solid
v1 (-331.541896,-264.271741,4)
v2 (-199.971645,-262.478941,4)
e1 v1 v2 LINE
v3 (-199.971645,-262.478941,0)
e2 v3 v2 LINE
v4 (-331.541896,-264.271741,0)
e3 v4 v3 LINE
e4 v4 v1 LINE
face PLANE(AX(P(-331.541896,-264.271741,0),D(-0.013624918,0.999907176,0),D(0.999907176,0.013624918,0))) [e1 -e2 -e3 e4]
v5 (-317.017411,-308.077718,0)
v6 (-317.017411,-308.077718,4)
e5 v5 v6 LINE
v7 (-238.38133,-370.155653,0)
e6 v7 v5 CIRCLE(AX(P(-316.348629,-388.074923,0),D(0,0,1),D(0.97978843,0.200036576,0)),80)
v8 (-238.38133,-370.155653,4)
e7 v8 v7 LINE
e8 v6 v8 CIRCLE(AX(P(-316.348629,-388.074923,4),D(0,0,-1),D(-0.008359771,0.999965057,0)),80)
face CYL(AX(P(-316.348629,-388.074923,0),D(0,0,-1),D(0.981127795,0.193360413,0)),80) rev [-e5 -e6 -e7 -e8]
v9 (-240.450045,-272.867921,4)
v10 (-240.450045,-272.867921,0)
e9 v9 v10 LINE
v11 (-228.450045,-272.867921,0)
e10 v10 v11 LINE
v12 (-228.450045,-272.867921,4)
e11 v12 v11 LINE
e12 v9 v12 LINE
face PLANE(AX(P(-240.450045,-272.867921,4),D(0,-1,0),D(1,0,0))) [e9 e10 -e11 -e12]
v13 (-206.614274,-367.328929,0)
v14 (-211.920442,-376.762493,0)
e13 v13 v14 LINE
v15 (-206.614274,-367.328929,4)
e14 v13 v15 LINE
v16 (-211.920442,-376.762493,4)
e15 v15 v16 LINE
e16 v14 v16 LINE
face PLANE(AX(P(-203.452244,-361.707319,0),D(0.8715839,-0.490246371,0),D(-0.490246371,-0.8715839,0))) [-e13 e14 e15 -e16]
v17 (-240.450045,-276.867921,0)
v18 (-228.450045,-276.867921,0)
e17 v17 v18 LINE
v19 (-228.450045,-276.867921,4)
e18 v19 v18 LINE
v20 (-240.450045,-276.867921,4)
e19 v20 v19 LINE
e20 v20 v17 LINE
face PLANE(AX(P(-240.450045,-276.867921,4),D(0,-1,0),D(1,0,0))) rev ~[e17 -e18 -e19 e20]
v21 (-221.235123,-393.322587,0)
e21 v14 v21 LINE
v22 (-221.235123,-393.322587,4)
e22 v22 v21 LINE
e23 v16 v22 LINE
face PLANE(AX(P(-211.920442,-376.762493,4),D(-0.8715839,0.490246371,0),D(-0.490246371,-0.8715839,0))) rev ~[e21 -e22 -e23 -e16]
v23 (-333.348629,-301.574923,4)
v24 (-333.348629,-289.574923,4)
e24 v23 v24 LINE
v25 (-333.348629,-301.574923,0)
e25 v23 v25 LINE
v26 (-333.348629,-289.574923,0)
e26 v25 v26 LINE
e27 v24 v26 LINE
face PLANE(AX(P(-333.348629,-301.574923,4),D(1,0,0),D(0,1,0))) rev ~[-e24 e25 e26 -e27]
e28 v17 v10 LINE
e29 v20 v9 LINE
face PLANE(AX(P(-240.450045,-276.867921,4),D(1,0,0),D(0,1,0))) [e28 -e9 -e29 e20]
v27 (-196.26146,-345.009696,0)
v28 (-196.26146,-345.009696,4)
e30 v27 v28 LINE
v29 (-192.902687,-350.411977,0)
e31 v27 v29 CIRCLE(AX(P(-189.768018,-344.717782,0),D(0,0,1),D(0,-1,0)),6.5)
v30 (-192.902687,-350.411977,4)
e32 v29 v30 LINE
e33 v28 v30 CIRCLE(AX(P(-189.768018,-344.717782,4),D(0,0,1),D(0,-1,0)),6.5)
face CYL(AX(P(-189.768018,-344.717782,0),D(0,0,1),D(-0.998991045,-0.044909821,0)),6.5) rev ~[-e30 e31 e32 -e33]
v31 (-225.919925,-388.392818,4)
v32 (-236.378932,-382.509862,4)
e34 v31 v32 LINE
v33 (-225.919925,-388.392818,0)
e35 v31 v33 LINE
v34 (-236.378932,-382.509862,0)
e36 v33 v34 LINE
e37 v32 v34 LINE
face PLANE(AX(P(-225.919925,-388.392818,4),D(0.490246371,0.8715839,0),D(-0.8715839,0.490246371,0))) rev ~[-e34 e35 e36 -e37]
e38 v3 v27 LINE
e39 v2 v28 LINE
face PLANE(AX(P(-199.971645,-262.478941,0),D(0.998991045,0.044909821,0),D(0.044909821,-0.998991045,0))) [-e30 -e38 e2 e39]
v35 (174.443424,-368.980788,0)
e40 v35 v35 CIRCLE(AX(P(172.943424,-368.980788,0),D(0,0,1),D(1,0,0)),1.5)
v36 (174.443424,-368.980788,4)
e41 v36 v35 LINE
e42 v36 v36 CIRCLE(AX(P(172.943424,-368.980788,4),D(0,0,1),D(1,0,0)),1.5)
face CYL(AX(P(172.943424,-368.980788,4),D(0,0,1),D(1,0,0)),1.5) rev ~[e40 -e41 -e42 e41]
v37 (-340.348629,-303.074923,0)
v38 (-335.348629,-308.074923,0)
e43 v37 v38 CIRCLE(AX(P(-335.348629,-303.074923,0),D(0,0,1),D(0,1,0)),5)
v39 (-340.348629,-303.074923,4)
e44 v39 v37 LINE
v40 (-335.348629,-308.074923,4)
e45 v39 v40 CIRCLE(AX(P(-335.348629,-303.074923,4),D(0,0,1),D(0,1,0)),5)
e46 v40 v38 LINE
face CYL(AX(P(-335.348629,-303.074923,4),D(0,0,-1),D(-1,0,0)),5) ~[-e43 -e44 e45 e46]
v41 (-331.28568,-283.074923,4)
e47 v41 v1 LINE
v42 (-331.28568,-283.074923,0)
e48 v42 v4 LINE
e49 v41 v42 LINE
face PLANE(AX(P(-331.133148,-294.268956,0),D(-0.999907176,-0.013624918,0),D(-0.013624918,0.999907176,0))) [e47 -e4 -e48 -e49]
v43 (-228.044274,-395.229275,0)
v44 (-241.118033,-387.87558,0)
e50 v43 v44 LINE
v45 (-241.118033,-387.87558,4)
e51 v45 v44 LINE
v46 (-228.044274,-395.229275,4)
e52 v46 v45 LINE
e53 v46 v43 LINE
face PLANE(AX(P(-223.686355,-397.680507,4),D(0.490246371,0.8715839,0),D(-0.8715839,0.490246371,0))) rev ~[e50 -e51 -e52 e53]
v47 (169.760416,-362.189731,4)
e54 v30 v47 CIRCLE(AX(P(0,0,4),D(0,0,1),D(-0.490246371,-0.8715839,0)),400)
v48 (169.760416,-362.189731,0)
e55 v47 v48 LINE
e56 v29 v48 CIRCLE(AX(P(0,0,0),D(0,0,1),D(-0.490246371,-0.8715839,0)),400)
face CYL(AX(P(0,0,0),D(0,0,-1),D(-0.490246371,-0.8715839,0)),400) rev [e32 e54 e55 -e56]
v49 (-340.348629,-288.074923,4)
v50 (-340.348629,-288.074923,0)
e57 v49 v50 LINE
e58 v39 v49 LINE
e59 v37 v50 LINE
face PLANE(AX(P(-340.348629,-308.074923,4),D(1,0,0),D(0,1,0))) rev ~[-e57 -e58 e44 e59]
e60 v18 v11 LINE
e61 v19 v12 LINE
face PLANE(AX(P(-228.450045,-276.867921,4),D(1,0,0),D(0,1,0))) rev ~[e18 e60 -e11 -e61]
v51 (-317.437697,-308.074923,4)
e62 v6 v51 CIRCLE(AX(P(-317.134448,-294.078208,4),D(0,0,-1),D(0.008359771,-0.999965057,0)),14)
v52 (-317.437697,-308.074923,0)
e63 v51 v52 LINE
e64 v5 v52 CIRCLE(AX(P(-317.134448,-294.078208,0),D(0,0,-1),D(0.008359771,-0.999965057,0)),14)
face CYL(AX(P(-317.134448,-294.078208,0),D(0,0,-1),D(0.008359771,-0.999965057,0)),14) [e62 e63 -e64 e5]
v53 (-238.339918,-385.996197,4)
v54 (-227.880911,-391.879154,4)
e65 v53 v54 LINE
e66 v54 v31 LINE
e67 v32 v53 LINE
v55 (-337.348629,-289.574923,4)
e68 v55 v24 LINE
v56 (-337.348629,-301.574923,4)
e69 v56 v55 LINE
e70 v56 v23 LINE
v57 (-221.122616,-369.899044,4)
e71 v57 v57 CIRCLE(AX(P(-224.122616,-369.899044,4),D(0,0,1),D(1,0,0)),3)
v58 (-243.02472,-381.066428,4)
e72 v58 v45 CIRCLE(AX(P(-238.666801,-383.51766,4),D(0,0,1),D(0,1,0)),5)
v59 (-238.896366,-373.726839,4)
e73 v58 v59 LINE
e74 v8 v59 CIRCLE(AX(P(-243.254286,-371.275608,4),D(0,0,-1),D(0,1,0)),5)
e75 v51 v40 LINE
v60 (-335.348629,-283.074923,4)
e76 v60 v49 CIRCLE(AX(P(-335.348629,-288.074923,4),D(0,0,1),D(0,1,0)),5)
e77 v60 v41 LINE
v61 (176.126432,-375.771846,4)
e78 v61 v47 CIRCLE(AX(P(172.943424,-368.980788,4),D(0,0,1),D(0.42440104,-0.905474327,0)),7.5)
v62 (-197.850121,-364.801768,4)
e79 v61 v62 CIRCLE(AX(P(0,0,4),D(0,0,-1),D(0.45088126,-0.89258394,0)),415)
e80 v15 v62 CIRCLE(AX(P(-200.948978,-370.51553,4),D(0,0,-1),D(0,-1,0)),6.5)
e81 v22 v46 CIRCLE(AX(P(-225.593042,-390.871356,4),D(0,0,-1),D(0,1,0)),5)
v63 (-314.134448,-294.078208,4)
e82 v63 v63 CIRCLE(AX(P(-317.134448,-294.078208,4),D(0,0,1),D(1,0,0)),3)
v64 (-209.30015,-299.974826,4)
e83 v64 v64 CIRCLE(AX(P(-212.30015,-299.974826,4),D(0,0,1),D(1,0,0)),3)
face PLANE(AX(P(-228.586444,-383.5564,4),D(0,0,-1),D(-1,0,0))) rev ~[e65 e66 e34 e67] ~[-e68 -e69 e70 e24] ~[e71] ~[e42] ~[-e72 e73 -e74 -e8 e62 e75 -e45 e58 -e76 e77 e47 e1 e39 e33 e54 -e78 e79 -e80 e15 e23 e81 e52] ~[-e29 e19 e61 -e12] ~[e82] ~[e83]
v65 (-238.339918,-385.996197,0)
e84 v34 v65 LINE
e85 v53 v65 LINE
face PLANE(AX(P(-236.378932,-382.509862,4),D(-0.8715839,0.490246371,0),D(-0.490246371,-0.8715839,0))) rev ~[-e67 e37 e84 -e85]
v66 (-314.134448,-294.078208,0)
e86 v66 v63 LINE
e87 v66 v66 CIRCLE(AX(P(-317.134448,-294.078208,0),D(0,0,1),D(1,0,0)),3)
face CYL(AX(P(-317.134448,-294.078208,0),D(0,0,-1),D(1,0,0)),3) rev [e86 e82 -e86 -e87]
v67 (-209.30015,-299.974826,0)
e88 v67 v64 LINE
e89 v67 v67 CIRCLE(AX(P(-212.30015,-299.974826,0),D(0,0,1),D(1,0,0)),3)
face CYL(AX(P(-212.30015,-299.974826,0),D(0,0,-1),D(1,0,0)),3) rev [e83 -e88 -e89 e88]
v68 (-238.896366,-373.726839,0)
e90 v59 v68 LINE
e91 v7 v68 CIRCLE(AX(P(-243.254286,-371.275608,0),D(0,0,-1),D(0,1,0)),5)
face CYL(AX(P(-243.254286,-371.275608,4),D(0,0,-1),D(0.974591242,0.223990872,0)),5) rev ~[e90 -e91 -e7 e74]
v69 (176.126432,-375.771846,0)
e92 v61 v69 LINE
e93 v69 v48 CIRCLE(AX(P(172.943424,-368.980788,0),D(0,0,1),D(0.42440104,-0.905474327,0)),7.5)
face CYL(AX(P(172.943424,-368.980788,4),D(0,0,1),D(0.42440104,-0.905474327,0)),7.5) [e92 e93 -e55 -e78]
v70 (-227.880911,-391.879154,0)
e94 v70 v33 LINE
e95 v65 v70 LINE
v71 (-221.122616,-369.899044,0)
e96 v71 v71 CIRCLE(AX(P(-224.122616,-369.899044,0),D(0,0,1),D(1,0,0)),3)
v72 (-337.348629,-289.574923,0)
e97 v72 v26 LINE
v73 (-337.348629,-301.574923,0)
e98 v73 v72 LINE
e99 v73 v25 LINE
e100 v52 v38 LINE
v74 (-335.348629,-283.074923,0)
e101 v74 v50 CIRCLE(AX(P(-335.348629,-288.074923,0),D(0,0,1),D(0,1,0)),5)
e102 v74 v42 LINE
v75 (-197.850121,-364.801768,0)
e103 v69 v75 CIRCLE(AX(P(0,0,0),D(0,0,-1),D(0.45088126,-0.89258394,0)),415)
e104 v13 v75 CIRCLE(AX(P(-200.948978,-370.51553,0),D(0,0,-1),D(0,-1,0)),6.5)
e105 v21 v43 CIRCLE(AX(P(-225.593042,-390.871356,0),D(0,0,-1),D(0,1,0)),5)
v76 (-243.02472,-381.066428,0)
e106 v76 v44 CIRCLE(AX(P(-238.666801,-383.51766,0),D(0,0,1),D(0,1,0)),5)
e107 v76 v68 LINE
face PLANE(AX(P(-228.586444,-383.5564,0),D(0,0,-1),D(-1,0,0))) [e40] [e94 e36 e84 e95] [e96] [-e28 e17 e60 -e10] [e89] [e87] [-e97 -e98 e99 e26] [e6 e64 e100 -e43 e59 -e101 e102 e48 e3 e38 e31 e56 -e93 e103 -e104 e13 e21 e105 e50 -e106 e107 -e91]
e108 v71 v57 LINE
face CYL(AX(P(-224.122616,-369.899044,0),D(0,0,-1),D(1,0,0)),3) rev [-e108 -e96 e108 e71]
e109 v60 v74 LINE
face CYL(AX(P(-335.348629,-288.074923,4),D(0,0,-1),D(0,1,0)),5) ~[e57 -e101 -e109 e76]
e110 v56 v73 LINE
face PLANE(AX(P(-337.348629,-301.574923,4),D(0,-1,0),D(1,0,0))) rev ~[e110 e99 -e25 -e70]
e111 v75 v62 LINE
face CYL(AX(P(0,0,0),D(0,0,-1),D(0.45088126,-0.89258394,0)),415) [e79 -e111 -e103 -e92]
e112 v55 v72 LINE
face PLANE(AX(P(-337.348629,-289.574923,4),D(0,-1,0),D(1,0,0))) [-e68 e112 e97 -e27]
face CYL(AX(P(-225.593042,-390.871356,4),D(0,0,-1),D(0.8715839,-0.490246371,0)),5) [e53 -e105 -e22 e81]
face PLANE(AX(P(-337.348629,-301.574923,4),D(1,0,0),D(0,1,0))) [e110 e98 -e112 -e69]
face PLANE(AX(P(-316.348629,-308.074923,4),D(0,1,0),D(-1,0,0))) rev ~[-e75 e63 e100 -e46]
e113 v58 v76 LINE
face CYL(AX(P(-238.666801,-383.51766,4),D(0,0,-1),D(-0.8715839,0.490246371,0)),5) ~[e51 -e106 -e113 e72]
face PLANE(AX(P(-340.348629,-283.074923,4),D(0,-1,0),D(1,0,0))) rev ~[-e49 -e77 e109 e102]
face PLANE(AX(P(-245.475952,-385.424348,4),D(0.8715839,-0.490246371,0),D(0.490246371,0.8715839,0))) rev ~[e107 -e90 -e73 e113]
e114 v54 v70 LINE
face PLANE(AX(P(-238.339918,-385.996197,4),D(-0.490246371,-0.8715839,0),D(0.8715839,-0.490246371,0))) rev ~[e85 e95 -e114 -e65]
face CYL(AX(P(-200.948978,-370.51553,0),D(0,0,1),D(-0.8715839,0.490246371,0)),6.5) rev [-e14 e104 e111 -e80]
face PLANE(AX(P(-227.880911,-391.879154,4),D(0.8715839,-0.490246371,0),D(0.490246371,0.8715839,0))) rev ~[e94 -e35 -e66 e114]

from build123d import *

# Parameters (mm, degrees)
ESQUISSE2_R             = 3
BOSS_EXTRU_1_DEPTH      = 4
ESQUISSE3_R             = 1.5
ENL_V_MAT_EXTRU_1_DEPTH = 5
CONG_1_R                = 6.5
ESQUISSE4_W             = 4
ESQUISSE4_H             = 12
BOSS_EXTRU_2_DEPTH      = 4
CONG_2_R                = 5
ESQUISSE5_W             = 12
ESQUISSE5_H             = 4
ENL_V_MAT_EXTRU_2_DEPTH = 4


with BuildPart() as part:
    # Esquisse2 → Boss.-Extru.1 (new body)
    with BuildSketch(Plane.XY):
        with BuildLine():
            Line((-199.971644797, -262.478940861), (-196.098548459, -348.633560192))
            ThreePointArc((-196.098548459, -348.633560192), (-8.923258694, -399.900456932), (180.352503917, -357.033575915))
            Line((180.352503917, -357.033575915), (187.115722814, -370.422335012))
            ThreePointArc((187.115722814, -370.422335012), (-9.257880895, -414.896724067), (-203.452244027, -361.707318699))
            Line((-203.452244027, -361.707318699), (-211.920441681, -376.762493353))
            ThreePointArc((-211.920441681, -376.762493353), (-226.337772202, -383.722686379), (-237.858405423, -372.606089933))
            ThreePointArc((-237.858405423, -372.606089933), (-265.801404699, -326.067035455), (-317.01741072, -308.077718418))
            ThreePointArc((-317.01741072, -308.077718418), (-326.924525304, -304.085923492), (-331.133147983, -294.268956483))
            Line((-331.133147983, -294.268956483), (-331.541895531, -264.271741188))
            Line((-331.541895531, -264.271741188), (-199.971644797, -262.478940861))
        make_face()
        with Locations((-317.134447512, -294.078207627)):
            Circle(ESQUISSE2_R, mode=Mode.SUBTRACT)
        with Locations((-212.300150205, -299.974825982)):
            Circle(ESQUISSE2_R, mode=Mode.SUBTRACT)
        with Locations((-224.122616287, -369.899044157)):
            Circle(ESQUISSE2_R, mode=Mode.SUBTRACT)
    extrude(amount=BOSS_EXTRU_1_DEPTH)

    # Esquisse3 → Enlèv. mat.-Extru.1 (cut, through all)
    with BuildSketch(Plane.XY.offset(4)):
        with Locations((172.9434239, -368.980788294)):
            Circle(ESQUISSE3_R)
        with BuildLine():
            Line((169.760416098, -362.18973084), (162.877223829, -362.18973084))
            Line((162.877223829, -362.18973084), (180.965097343, -354.152116582))
            Line((180.965097343, -354.152116582), (180.352503917, -357.033575915))
            Line((180.352503917, -357.033575915), (187.115722814, -370.422335012))
            Line((187.115722814, -370.422335012), (190.286834204, -373.47465723))
            Line((190.286834204, -373.47465723), (174.853495029, -378.475059123))
            Line((174.853495029, -378.475059123), (176.126431702, -375.771845747))
            ThreePointArc((176.126431702, -375.771845747), (179.734481353, -365.797780492), (169.760416098, -362.18973084))
        make_face()
    extrude(amount=-ENL_V_MAT_EXTRU_1_DEPTH, mode=Mode.SUBTRACT)

    # Congé1
    cong_1_edges = [part.edges().sort_by_distance(p)[0] for p in [
        (-203.452244027, -361.707318699, 2),
        (-196.098548459, -348.633560192, 2),
    ]]
    fillet(cong_1_edges, radius=CONG_1_R)

    # Esquisse4 → Boss.-Extru.2 (add)
    with BuildSketch(Plane.XY.offset(4)):
        Polygon((-211.920441681, -376.762493353), (-223.686354588, -397.680506965), (-245.4759521, -385.424347686), (-237.96555462, -372.071996878), (-225.374330656, -376.762493353), align=None)
        Polygon((-238.339917634, -385.996197397), (-227.880910828, -391.879153851), (-225.919925343, -388.392818249), (-236.378932149, -382.509861795), align=None, mode=Mode.SUBTRACT)
        Polygon((-316.348629052, -308.074922938), (-340.348629052, -308.074922938), (-340.348629052, -283.074922938), (-331.285679934, -283.074922938), align=None)
        with Locations((-335.348629052, -295.574922938)):
            Rectangle(ESQUISSE4_W, ESQUISSE4_H, mode=Mode.SUBTRACT)
    extrude(amount=-BOSS_EXTRU_2_DEPTH)

    # Congé2
    cong_2_edges = [part.edges().sort_by_distance(p)[0] for p in [
        (-340.348629052, -308.074922938, 2),
        (-340.348629052, -283.074922938, 2),
        (-223.686354588, -397.680506965, 2),
        (-245.4759521, -385.424347686, 2),
        (-237.96555462, -372.071996878, 2),
    ]]
    fillet(cong_2_edges, radius=CONG_2_R)

    # Esquisse5 → Enlèv. mat.-Extru.2 (cut)
    with BuildSketch(Plane.XY.offset(4)):
        with Locations((-234.450045065, -274.867921079)):
            Rectangle(ESQUISSE5_W, ESQUISSE5_H)
    extrude(amount=-ENL_V_MAT_EXTRU_2_DEPTH, mode=Mode.SUBTRACT)


solid = part.part
